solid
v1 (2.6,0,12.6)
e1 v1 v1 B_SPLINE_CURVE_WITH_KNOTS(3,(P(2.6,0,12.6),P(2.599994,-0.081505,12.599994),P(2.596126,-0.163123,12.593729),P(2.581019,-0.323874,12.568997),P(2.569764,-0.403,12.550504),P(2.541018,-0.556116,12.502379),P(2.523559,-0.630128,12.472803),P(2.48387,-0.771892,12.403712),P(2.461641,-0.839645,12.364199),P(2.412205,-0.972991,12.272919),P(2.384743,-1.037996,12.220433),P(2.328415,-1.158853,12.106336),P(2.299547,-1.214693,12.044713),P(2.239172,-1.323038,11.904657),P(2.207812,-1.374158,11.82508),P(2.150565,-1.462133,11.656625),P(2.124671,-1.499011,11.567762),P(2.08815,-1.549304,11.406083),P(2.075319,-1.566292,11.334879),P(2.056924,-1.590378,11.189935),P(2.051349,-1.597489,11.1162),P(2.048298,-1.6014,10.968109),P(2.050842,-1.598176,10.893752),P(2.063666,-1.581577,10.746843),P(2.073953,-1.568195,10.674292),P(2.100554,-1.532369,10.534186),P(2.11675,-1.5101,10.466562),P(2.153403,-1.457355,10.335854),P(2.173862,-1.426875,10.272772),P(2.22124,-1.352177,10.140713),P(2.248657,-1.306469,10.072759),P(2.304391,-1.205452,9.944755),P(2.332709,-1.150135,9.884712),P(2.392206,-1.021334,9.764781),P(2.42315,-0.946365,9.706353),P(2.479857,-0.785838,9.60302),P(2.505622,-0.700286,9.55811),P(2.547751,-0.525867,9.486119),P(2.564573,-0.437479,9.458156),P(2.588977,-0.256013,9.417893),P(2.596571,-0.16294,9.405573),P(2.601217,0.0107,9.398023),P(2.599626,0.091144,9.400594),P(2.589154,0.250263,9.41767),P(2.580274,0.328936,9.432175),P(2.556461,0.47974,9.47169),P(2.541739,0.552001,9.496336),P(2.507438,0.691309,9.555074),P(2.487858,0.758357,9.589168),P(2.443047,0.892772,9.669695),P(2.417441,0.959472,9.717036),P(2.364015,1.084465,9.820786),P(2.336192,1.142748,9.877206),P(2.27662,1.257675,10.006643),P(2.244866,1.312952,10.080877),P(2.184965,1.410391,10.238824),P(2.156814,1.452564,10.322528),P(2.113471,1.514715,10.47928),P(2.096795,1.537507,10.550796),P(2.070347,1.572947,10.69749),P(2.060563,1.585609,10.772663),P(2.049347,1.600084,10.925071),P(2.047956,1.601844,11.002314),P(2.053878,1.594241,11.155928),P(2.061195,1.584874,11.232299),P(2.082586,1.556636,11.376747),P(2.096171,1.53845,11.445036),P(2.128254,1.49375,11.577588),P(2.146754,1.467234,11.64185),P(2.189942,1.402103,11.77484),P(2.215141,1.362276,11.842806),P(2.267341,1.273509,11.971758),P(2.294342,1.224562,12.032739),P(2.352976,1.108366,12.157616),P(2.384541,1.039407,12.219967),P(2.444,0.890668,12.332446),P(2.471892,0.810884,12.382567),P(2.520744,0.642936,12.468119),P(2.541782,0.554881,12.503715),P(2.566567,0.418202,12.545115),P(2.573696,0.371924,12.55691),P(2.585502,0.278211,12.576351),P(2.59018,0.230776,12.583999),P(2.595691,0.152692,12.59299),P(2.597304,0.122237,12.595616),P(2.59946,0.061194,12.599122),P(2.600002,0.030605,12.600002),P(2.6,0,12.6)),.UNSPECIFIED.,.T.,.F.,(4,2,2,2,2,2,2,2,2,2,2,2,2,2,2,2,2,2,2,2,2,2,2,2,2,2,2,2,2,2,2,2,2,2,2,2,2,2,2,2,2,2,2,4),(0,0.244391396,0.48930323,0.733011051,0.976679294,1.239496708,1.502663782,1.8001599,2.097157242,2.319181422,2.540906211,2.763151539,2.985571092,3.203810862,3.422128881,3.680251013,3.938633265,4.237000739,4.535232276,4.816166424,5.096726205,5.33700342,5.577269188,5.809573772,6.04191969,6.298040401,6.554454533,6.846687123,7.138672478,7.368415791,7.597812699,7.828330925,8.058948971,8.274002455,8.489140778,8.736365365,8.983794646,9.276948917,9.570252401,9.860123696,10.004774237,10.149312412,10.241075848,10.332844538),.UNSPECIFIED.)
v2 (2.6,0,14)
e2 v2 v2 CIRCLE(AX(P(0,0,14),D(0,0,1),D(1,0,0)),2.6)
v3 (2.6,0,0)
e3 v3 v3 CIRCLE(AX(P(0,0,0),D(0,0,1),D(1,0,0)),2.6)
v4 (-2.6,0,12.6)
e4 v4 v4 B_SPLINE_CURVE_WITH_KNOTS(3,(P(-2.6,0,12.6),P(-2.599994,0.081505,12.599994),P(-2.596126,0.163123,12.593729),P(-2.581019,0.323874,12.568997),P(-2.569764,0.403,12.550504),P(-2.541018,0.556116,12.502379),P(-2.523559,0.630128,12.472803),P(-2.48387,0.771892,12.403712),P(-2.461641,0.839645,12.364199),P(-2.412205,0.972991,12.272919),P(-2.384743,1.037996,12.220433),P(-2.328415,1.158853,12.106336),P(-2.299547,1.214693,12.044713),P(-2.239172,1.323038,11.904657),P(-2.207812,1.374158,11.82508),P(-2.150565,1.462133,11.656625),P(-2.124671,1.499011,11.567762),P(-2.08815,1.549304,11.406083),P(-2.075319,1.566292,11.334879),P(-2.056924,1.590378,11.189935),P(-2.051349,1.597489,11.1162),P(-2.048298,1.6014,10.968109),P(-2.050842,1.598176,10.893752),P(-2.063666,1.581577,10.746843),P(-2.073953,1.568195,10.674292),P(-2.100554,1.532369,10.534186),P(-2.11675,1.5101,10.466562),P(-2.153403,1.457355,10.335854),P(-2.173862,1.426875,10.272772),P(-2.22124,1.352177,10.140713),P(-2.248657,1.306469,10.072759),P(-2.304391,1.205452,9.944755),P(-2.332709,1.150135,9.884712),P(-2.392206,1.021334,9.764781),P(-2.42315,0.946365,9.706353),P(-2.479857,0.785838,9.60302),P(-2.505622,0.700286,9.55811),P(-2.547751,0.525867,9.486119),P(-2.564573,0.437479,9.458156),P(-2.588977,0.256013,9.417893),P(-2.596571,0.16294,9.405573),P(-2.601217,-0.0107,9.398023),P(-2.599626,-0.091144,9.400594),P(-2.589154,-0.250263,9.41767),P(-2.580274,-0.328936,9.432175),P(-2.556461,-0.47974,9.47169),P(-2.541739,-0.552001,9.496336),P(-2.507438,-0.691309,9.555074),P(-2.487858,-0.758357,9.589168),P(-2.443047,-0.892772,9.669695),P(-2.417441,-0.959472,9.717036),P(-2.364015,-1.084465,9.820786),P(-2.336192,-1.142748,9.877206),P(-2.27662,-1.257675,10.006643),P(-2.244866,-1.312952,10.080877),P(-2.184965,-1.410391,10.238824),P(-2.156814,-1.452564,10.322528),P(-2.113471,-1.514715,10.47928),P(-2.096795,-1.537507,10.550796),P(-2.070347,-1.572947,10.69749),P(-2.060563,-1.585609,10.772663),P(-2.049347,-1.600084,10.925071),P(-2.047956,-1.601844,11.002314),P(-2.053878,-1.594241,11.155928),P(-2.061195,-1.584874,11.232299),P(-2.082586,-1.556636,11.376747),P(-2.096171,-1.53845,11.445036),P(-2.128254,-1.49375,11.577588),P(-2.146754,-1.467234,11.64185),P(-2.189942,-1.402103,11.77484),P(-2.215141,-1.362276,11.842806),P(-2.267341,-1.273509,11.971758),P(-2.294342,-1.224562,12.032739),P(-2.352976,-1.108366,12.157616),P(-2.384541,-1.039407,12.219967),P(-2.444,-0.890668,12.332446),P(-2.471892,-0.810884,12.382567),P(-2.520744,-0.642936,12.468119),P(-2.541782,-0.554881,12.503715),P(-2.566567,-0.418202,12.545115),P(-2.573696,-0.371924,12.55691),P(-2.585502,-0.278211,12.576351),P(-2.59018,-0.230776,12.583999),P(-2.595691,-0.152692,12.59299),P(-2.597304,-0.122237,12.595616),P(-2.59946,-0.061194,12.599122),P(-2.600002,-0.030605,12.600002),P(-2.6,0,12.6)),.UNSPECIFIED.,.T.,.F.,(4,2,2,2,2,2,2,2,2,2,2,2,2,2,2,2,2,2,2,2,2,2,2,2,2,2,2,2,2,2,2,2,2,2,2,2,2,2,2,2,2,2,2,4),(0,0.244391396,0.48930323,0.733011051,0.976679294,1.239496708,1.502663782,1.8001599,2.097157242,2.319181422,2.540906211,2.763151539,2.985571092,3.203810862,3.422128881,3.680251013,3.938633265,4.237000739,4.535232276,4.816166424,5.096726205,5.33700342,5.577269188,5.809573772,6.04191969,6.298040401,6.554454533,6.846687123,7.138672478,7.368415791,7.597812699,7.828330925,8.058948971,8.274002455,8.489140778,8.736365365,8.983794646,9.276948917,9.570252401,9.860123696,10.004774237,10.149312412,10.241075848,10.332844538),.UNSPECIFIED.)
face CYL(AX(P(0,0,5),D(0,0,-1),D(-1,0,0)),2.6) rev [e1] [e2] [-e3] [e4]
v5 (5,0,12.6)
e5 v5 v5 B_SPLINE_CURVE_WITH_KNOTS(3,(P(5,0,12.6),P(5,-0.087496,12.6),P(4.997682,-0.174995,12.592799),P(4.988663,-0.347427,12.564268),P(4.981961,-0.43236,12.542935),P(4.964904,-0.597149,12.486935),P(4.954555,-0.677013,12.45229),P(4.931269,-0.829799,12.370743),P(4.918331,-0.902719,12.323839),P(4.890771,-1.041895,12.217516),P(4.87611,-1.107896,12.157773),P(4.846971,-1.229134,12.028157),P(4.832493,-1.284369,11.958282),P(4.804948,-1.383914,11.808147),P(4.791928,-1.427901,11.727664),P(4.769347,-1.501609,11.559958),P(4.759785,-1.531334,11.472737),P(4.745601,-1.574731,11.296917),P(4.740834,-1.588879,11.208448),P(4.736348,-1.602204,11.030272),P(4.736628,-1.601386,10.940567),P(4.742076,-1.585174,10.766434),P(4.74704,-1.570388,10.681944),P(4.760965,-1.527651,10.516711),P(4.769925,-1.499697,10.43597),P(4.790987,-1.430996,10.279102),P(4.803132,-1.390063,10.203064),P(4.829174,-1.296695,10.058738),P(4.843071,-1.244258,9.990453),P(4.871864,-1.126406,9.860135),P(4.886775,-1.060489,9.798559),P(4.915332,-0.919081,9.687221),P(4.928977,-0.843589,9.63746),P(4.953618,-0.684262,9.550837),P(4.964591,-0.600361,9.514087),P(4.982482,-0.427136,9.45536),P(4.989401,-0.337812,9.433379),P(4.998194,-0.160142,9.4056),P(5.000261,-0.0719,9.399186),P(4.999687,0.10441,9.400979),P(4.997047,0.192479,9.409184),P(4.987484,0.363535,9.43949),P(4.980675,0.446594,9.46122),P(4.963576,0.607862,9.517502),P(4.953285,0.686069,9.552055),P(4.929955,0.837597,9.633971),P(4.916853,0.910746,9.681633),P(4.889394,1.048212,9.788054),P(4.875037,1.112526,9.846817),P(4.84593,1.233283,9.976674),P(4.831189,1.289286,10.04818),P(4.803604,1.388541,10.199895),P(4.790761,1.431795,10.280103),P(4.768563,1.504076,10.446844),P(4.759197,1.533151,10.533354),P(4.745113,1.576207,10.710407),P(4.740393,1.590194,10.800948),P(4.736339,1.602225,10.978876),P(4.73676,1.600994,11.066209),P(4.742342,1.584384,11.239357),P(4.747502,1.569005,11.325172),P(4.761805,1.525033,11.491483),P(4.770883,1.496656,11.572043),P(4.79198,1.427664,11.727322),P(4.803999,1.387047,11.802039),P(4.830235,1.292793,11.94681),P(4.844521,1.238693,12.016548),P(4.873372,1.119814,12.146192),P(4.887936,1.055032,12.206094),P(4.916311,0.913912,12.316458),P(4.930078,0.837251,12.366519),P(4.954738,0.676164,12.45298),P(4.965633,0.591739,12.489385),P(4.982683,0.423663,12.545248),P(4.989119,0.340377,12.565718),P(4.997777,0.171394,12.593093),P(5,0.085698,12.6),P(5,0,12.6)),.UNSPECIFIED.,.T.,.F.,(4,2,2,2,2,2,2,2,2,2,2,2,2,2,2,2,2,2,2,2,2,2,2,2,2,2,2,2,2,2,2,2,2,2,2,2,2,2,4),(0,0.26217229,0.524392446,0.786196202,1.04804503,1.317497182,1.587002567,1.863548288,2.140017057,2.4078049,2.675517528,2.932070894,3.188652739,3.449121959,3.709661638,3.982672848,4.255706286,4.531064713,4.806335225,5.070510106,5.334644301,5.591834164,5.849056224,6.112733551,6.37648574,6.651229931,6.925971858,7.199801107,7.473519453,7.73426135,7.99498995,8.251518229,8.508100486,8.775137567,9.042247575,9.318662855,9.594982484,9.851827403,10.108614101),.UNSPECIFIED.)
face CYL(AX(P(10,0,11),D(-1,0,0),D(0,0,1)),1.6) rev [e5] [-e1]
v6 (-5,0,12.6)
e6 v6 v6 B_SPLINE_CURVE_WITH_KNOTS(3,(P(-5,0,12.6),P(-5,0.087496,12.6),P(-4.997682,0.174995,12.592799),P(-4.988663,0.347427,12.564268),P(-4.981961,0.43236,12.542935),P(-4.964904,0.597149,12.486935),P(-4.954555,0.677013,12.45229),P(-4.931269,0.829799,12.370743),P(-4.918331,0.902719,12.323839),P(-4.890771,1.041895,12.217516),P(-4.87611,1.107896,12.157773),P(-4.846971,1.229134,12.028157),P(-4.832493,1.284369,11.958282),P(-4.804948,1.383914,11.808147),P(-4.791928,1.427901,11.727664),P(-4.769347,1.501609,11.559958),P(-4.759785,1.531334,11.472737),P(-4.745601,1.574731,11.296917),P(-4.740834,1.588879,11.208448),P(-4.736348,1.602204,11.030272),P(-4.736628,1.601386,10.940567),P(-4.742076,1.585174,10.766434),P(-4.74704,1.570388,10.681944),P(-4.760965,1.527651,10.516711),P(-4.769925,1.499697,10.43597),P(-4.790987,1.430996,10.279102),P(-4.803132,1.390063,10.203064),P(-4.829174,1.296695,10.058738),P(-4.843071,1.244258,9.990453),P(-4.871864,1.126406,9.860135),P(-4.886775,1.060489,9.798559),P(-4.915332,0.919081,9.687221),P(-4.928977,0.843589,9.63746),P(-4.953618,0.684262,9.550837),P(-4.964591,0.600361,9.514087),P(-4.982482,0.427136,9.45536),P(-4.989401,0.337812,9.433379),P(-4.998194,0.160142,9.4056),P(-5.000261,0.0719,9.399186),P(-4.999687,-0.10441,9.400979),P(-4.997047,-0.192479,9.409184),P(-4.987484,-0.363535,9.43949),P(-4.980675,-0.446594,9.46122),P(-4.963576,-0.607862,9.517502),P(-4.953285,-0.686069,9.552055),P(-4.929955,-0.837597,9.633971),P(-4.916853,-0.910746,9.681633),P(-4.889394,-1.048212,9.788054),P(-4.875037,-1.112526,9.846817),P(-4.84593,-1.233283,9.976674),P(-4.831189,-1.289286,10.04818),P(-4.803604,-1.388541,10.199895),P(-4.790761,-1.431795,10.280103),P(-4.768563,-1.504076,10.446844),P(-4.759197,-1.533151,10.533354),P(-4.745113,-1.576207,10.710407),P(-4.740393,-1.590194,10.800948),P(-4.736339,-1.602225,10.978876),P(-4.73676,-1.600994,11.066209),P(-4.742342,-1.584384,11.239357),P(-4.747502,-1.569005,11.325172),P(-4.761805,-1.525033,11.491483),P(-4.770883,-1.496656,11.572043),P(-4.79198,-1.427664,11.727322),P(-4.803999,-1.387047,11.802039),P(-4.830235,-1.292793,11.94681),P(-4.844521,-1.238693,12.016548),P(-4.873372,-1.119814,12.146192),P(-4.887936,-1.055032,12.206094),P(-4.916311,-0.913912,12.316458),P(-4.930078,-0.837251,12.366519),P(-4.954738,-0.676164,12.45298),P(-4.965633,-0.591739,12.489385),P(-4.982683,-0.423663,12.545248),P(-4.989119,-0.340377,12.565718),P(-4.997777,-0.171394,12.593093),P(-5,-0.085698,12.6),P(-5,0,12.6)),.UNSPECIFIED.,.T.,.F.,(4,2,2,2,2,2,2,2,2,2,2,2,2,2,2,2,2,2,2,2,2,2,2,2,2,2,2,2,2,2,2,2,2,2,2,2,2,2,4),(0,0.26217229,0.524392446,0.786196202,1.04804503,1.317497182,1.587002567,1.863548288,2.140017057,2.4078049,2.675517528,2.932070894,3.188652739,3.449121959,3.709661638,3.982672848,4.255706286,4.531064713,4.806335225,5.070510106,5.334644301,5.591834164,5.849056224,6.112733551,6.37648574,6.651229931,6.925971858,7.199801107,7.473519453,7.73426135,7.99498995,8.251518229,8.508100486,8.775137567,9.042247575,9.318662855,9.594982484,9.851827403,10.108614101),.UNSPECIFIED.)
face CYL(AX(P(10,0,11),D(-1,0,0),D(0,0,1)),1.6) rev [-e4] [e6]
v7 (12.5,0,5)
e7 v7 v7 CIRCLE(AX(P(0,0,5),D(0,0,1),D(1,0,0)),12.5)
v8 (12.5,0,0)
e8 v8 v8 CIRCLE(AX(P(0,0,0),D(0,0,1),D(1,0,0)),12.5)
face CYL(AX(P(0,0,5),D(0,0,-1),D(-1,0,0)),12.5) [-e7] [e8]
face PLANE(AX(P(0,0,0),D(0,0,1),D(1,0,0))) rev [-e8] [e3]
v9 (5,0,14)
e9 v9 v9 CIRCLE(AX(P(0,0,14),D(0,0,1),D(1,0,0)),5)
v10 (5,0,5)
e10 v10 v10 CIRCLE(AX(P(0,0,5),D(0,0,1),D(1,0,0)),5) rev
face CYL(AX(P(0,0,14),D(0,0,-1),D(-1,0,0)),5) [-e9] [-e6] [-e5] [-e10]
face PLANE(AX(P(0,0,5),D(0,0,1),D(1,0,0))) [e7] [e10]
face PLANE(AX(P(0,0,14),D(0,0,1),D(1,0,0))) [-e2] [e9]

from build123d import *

# Parameters (mm, degrees)
SKETCH_1_R               = 12.5
SKETCH_1_R_2             = 2.6
EXTRUDE_1_DEPTH          = 5
SKETCH_1_4_R             = 5
SKETCH_1_4_R_2           = 2.6
EXTRUDE_2_DEPTH          = 14
CUT_EXTRUDE_1_DEPTH      = 10
CUT_EXTRUDE_1_DEPTH_BACK = 10
SKETCH_2_R               = 1.6


with BuildPart() as part:
    # 草图1 → 凸台-拉伸1 (new body)
    with BuildSketch(Plane.XY):
        Circle(SKETCH_1_R)
        Circle(SKETCH_1_R_2, mode=Mode.SUBTRACT)
    extrude(amount=EXTRUDE_1_DEPTH)

    # 草图1<4> → 凸台-拉伸2 (add)
    with BuildSketch(Plane.XY):
        Circle(SKETCH_1_4_R)
        Circle(SKETCH_1_4_R_2, mode=Mode.SUBTRACT)
    extrude(amount=EXTRUDE_2_DEPTH)

    # 草图2 → 切除-拉伸1 (cut, two sides: drawn at the far end of the back side and taken through both)
    with BuildSketch(Plane(origin=(0, 0, 0), x_dir=(0, 0, -1), z_dir=(1, 0, 0)).offset(-CUT_EXTRUDE_1_DEPTH_BACK)):
        with Locations(Location((-11, 0, 0), (0, 0, 180))):
            Circle(SKETCH_2_R)
    extrude(amount=CUT_EXTRUDE_1_DEPTH + CUT_EXTRUDE_1_DEPTH_BACK, mode=Mode.SUBTRACT)


solid = part.part
